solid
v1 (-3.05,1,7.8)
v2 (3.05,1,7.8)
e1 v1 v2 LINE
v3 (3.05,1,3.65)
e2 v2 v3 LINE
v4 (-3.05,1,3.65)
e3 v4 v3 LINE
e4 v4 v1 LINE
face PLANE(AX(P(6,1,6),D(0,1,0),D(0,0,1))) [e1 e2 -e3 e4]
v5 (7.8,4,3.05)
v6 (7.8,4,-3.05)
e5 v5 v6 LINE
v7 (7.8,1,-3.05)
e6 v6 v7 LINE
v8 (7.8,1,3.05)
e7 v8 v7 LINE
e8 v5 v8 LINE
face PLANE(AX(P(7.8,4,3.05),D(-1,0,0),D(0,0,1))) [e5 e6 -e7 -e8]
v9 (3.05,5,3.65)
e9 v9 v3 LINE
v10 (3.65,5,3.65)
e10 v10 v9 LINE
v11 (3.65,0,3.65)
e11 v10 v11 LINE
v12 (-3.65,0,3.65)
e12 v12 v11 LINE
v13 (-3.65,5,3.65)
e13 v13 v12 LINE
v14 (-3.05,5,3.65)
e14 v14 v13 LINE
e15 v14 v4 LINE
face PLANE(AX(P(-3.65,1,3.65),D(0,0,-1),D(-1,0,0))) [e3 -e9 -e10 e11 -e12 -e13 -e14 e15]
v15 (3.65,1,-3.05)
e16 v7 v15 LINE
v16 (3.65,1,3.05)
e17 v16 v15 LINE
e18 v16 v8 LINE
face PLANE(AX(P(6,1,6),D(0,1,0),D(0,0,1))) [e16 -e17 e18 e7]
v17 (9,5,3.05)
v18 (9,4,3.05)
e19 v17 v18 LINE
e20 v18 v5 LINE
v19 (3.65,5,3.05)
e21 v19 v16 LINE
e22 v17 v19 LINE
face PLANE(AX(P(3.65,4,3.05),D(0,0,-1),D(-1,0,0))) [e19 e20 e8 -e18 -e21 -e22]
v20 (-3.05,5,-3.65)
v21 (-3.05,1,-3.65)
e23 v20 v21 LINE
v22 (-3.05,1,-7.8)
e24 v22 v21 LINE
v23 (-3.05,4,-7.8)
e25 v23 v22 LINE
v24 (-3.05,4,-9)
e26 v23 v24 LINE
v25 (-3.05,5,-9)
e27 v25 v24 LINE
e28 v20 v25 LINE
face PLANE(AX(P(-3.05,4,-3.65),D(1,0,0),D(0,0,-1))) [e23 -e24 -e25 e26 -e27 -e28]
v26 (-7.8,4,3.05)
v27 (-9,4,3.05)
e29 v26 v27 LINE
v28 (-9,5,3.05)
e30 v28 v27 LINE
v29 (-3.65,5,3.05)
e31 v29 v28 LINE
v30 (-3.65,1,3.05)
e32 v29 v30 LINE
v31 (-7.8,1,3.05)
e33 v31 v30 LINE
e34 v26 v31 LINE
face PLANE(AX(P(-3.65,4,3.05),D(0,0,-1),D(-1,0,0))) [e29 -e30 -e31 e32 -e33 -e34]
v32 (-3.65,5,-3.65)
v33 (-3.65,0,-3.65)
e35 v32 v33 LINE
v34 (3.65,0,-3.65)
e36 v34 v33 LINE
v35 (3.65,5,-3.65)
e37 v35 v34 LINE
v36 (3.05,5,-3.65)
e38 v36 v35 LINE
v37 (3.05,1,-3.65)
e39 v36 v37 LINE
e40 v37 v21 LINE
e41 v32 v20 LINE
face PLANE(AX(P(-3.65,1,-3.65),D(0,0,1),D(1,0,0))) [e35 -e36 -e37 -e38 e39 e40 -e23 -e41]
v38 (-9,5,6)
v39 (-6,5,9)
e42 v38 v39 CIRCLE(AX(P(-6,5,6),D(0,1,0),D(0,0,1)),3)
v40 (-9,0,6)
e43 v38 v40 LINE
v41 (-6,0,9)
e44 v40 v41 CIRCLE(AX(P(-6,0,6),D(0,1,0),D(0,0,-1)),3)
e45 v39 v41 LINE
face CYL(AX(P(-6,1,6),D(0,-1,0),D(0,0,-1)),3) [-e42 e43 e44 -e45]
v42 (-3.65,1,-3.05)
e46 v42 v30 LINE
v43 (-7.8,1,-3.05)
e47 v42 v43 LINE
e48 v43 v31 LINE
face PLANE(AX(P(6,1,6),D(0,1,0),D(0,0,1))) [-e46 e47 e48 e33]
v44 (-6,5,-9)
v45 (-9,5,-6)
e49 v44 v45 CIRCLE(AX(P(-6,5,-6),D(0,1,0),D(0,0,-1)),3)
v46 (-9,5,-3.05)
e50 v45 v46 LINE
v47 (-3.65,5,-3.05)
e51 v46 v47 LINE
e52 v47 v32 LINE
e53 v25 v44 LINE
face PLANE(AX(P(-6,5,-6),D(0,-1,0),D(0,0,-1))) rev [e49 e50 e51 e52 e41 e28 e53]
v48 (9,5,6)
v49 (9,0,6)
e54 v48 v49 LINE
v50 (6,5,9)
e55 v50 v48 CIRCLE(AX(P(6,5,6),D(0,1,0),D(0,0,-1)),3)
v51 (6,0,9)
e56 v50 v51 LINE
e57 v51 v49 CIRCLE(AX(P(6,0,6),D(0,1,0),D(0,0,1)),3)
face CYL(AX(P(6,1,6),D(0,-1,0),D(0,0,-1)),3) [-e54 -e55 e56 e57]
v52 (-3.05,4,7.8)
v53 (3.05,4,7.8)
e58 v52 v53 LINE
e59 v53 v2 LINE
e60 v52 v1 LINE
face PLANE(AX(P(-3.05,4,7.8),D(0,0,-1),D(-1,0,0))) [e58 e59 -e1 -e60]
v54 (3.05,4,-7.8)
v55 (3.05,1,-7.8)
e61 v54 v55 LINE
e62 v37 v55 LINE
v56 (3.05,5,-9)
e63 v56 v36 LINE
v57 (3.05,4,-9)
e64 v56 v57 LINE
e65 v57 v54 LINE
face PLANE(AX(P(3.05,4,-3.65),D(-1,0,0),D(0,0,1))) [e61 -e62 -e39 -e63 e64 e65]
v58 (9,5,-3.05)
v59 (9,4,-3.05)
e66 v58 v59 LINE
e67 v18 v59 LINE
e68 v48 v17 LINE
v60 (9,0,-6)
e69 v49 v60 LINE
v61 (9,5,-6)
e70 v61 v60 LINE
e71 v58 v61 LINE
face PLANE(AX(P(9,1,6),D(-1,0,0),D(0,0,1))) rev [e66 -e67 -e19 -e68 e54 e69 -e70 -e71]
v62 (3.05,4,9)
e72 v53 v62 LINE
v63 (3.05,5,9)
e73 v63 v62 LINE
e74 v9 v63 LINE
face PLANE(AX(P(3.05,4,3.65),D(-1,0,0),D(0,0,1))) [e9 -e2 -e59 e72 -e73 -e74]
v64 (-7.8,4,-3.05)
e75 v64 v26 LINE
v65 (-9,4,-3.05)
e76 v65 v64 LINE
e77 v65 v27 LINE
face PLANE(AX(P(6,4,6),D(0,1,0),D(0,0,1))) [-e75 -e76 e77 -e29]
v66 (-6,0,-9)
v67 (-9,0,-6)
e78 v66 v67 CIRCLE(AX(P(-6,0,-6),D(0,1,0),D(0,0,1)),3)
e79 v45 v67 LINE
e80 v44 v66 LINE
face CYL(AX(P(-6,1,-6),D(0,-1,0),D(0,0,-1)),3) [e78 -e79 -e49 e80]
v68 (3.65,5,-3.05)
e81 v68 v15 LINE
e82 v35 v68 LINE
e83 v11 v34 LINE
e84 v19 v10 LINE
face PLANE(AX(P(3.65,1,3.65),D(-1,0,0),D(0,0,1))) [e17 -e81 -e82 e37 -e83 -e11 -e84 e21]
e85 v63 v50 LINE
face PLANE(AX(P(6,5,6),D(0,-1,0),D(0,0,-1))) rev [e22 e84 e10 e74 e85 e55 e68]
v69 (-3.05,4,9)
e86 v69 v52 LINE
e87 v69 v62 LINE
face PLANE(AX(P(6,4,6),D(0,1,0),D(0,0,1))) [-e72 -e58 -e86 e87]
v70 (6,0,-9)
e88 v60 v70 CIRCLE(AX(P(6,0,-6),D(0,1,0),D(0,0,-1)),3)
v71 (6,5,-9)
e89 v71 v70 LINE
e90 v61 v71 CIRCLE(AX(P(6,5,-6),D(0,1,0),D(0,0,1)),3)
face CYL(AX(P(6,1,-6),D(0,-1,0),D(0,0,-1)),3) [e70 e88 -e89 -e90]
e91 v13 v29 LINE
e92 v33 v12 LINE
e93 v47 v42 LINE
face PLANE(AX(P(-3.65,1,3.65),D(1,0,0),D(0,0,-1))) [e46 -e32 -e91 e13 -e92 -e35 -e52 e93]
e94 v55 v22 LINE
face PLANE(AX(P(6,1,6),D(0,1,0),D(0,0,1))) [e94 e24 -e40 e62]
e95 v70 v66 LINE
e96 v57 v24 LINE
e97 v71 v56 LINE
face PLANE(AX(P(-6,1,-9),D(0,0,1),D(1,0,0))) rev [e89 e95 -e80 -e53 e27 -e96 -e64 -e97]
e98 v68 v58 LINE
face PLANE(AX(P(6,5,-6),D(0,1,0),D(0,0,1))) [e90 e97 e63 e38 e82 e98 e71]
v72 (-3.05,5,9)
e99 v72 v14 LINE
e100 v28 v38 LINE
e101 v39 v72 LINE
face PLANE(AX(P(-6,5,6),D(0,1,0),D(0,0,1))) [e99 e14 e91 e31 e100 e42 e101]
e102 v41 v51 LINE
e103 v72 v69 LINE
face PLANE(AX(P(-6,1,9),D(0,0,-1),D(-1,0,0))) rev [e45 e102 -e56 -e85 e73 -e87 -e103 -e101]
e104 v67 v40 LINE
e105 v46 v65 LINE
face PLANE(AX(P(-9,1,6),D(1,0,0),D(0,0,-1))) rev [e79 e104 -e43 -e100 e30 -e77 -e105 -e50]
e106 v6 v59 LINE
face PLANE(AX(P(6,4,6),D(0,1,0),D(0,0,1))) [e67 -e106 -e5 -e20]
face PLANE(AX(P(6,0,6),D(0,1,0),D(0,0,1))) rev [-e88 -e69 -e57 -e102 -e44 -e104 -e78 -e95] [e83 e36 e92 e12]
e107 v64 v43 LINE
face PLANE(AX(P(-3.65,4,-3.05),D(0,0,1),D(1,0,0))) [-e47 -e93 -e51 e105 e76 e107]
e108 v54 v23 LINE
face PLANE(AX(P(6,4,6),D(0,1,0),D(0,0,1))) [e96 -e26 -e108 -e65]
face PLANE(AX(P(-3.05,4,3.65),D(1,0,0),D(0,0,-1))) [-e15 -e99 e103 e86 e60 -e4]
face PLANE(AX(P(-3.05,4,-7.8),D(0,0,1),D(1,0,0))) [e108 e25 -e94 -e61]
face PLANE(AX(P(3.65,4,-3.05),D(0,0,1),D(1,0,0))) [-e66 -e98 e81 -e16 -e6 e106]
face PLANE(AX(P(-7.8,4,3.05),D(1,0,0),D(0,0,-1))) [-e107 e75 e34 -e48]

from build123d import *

# Parameters (mm, degrees)
SKETCH1_W           = 7.3
SKETCH1_H           = 7.3
BOSS_EXTRUDE1_DEPTH = 1
BOSS_EXTRUDE2_DEPTH = 3
BOSS_EXTRUDE3_DEPTH = 1


with BuildPart() as part:
    # Sketch1 → Boss-Extrude1 (new body)
    with BuildSketch(Plane(origin=(0, 0, 0), x_dir=(1, 0, 0), z_dir=(0, 1, 0))):
        with BuildLine():
            Line((-6, -9), (6, -9))
            ThreePointArc((6, -9), (8.121320344, -8.121320344), (9, -6))
            Line((9, -6), (9, 6))
            ThreePointArc((9, 6), (8.121320344, 8.121320344), (6, 9))
            Line((6, 9), (-6, 9))
            ThreePointArc((-6, 9), (-8.121320344, 8.121320344), (-9, 6))
            Line((-9, 6), (-9, -6))
            ThreePointArc((-9, -6), (-8.121320344, -8.121320344), (-6, -9))
        make_face()
        Rectangle(SKETCH1_W, SKETCH1_H, mode=Mode.SUBTRACT)
    extrude(amount=BOSS_EXTRUDE1_DEPTH)

    # Sketch2 → Boss-Extrude2 (add)
    with BuildSketch(Plane(origin=(0, 1, 0), x_dir=(1, 0, 0), z_dir=(0, 1, 0))):
        with BuildLine():
            Line((-6, -9), (6, -9))
            ThreePointArc((6, -9), (8.121320344, -8.121320344), (9, -6))
            Line((9, -6), (9, 6))
            ThreePointArc((9, 6), (8.121320344, 8.121320344), (6, 9))
            Line((6, 9), (-6, 9))
            ThreePointArc((-6, 9), (-8.121320344, 8.121320344), (-9, 6))
            Line((-9, 6), (-9, -6))
            ThreePointArc((-9, -6), (-8.121320344, -8.121320344), (-6, -9))
        make_face()
        Polygon((-3.05, -3.65), (-3.05, -7.8), (3.05, -7.8), (3.05, -3.65), (3.65, -3.65), (3.65, -3.05), (7.8, -3.05), (7.8, 3.05), (3.65, 3.05), (3.65, 3.65), (3.05, 3.65), (3.05, 7.8), (-3.05, 7.8), (-3.05, 3.65), (-3.65, 3.65), (-3.65, 3.05), (-7.8, 3.05), (-7.8, -3.05), (-3.65, -3.05), (-3.65, -3.65), align=None, mode=Mode.SUBTRACT)
    extrude(amount=BOSS_EXTRUDE2_DEPTH)

    # Sketch3 → Boss-Extrude3 (add)
    with BuildSketch(Plane(origin=(0, 4, 0), x_dir=(1, 0, 0), z_dir=(0, 1, 0))):
        with BuildLine():
            Line((-3.65, -3.05), (-3.65, -3.65))
            Line((-3.65, -3.65), (-3.05, -3.65))
            Line((-3.05, -3.65), (-3.05, -9))
            Line((-3.05, -9), (-6, -9))
            ThreePointArc((-6, -9), (-8.121320344, -8.121320344), (-9, -6))
            Line((-9, -6), (-9, -3.05))
            Line((-9, -3.05), (-3.65, -3.05))
        make_face()
        with BuildLine():
            Line((6, -9), (3.05, -9))
            Line((3.05, -9), (3.05, -3.65))
            Line((3.05, -3.65), (3.65, -3.65))
            Line((3.65, -3.65), (3.65, -3.05))
            Line((3.65, -3.05), (9, -3.05))
            Line((9, -3.05), (9, -6))
            ThreePointArc((9, -6), (8.121320344, -8.121320344), (6, -9))
        make_face()
        with BuildLine():
            Line((3.65, 3.05), (3.65, 3.65))
            Line((3.65, 3.65), (3.05, 3.65))
            Line((3.05, 3.65), (3.05, 9))
            Line((3.05, 9), (6, 9))
            ThreePointArc((6, 9), (8.121320344, 8.121320344), (9, 6))
            Line((9, 6), (9, 3.05))
            Line((9, 3.05), (3.65, 3.05))
        make_face()
        with BuildLine():
            Line((-6, 9), (-3.05, 9))
            Line((-3.05, 9), (-3.05, 3.65))
            Line((-3.05, 3.65), (-3.65, 3.65))
            Line((-3.65, 3.65), (-3.65, 3.05))
            Line((-3.65, 3.05), (-9, 3.05))
            Line((-9, 3.05), (-9, 6))
            ThreePointArc((-9, 6), (-8.121320344, 8.121320344), (-6, 9))
        make_face()
    extrude(amount=BOSS_EXTRUDE3_DEPTH)


solid = part.part
